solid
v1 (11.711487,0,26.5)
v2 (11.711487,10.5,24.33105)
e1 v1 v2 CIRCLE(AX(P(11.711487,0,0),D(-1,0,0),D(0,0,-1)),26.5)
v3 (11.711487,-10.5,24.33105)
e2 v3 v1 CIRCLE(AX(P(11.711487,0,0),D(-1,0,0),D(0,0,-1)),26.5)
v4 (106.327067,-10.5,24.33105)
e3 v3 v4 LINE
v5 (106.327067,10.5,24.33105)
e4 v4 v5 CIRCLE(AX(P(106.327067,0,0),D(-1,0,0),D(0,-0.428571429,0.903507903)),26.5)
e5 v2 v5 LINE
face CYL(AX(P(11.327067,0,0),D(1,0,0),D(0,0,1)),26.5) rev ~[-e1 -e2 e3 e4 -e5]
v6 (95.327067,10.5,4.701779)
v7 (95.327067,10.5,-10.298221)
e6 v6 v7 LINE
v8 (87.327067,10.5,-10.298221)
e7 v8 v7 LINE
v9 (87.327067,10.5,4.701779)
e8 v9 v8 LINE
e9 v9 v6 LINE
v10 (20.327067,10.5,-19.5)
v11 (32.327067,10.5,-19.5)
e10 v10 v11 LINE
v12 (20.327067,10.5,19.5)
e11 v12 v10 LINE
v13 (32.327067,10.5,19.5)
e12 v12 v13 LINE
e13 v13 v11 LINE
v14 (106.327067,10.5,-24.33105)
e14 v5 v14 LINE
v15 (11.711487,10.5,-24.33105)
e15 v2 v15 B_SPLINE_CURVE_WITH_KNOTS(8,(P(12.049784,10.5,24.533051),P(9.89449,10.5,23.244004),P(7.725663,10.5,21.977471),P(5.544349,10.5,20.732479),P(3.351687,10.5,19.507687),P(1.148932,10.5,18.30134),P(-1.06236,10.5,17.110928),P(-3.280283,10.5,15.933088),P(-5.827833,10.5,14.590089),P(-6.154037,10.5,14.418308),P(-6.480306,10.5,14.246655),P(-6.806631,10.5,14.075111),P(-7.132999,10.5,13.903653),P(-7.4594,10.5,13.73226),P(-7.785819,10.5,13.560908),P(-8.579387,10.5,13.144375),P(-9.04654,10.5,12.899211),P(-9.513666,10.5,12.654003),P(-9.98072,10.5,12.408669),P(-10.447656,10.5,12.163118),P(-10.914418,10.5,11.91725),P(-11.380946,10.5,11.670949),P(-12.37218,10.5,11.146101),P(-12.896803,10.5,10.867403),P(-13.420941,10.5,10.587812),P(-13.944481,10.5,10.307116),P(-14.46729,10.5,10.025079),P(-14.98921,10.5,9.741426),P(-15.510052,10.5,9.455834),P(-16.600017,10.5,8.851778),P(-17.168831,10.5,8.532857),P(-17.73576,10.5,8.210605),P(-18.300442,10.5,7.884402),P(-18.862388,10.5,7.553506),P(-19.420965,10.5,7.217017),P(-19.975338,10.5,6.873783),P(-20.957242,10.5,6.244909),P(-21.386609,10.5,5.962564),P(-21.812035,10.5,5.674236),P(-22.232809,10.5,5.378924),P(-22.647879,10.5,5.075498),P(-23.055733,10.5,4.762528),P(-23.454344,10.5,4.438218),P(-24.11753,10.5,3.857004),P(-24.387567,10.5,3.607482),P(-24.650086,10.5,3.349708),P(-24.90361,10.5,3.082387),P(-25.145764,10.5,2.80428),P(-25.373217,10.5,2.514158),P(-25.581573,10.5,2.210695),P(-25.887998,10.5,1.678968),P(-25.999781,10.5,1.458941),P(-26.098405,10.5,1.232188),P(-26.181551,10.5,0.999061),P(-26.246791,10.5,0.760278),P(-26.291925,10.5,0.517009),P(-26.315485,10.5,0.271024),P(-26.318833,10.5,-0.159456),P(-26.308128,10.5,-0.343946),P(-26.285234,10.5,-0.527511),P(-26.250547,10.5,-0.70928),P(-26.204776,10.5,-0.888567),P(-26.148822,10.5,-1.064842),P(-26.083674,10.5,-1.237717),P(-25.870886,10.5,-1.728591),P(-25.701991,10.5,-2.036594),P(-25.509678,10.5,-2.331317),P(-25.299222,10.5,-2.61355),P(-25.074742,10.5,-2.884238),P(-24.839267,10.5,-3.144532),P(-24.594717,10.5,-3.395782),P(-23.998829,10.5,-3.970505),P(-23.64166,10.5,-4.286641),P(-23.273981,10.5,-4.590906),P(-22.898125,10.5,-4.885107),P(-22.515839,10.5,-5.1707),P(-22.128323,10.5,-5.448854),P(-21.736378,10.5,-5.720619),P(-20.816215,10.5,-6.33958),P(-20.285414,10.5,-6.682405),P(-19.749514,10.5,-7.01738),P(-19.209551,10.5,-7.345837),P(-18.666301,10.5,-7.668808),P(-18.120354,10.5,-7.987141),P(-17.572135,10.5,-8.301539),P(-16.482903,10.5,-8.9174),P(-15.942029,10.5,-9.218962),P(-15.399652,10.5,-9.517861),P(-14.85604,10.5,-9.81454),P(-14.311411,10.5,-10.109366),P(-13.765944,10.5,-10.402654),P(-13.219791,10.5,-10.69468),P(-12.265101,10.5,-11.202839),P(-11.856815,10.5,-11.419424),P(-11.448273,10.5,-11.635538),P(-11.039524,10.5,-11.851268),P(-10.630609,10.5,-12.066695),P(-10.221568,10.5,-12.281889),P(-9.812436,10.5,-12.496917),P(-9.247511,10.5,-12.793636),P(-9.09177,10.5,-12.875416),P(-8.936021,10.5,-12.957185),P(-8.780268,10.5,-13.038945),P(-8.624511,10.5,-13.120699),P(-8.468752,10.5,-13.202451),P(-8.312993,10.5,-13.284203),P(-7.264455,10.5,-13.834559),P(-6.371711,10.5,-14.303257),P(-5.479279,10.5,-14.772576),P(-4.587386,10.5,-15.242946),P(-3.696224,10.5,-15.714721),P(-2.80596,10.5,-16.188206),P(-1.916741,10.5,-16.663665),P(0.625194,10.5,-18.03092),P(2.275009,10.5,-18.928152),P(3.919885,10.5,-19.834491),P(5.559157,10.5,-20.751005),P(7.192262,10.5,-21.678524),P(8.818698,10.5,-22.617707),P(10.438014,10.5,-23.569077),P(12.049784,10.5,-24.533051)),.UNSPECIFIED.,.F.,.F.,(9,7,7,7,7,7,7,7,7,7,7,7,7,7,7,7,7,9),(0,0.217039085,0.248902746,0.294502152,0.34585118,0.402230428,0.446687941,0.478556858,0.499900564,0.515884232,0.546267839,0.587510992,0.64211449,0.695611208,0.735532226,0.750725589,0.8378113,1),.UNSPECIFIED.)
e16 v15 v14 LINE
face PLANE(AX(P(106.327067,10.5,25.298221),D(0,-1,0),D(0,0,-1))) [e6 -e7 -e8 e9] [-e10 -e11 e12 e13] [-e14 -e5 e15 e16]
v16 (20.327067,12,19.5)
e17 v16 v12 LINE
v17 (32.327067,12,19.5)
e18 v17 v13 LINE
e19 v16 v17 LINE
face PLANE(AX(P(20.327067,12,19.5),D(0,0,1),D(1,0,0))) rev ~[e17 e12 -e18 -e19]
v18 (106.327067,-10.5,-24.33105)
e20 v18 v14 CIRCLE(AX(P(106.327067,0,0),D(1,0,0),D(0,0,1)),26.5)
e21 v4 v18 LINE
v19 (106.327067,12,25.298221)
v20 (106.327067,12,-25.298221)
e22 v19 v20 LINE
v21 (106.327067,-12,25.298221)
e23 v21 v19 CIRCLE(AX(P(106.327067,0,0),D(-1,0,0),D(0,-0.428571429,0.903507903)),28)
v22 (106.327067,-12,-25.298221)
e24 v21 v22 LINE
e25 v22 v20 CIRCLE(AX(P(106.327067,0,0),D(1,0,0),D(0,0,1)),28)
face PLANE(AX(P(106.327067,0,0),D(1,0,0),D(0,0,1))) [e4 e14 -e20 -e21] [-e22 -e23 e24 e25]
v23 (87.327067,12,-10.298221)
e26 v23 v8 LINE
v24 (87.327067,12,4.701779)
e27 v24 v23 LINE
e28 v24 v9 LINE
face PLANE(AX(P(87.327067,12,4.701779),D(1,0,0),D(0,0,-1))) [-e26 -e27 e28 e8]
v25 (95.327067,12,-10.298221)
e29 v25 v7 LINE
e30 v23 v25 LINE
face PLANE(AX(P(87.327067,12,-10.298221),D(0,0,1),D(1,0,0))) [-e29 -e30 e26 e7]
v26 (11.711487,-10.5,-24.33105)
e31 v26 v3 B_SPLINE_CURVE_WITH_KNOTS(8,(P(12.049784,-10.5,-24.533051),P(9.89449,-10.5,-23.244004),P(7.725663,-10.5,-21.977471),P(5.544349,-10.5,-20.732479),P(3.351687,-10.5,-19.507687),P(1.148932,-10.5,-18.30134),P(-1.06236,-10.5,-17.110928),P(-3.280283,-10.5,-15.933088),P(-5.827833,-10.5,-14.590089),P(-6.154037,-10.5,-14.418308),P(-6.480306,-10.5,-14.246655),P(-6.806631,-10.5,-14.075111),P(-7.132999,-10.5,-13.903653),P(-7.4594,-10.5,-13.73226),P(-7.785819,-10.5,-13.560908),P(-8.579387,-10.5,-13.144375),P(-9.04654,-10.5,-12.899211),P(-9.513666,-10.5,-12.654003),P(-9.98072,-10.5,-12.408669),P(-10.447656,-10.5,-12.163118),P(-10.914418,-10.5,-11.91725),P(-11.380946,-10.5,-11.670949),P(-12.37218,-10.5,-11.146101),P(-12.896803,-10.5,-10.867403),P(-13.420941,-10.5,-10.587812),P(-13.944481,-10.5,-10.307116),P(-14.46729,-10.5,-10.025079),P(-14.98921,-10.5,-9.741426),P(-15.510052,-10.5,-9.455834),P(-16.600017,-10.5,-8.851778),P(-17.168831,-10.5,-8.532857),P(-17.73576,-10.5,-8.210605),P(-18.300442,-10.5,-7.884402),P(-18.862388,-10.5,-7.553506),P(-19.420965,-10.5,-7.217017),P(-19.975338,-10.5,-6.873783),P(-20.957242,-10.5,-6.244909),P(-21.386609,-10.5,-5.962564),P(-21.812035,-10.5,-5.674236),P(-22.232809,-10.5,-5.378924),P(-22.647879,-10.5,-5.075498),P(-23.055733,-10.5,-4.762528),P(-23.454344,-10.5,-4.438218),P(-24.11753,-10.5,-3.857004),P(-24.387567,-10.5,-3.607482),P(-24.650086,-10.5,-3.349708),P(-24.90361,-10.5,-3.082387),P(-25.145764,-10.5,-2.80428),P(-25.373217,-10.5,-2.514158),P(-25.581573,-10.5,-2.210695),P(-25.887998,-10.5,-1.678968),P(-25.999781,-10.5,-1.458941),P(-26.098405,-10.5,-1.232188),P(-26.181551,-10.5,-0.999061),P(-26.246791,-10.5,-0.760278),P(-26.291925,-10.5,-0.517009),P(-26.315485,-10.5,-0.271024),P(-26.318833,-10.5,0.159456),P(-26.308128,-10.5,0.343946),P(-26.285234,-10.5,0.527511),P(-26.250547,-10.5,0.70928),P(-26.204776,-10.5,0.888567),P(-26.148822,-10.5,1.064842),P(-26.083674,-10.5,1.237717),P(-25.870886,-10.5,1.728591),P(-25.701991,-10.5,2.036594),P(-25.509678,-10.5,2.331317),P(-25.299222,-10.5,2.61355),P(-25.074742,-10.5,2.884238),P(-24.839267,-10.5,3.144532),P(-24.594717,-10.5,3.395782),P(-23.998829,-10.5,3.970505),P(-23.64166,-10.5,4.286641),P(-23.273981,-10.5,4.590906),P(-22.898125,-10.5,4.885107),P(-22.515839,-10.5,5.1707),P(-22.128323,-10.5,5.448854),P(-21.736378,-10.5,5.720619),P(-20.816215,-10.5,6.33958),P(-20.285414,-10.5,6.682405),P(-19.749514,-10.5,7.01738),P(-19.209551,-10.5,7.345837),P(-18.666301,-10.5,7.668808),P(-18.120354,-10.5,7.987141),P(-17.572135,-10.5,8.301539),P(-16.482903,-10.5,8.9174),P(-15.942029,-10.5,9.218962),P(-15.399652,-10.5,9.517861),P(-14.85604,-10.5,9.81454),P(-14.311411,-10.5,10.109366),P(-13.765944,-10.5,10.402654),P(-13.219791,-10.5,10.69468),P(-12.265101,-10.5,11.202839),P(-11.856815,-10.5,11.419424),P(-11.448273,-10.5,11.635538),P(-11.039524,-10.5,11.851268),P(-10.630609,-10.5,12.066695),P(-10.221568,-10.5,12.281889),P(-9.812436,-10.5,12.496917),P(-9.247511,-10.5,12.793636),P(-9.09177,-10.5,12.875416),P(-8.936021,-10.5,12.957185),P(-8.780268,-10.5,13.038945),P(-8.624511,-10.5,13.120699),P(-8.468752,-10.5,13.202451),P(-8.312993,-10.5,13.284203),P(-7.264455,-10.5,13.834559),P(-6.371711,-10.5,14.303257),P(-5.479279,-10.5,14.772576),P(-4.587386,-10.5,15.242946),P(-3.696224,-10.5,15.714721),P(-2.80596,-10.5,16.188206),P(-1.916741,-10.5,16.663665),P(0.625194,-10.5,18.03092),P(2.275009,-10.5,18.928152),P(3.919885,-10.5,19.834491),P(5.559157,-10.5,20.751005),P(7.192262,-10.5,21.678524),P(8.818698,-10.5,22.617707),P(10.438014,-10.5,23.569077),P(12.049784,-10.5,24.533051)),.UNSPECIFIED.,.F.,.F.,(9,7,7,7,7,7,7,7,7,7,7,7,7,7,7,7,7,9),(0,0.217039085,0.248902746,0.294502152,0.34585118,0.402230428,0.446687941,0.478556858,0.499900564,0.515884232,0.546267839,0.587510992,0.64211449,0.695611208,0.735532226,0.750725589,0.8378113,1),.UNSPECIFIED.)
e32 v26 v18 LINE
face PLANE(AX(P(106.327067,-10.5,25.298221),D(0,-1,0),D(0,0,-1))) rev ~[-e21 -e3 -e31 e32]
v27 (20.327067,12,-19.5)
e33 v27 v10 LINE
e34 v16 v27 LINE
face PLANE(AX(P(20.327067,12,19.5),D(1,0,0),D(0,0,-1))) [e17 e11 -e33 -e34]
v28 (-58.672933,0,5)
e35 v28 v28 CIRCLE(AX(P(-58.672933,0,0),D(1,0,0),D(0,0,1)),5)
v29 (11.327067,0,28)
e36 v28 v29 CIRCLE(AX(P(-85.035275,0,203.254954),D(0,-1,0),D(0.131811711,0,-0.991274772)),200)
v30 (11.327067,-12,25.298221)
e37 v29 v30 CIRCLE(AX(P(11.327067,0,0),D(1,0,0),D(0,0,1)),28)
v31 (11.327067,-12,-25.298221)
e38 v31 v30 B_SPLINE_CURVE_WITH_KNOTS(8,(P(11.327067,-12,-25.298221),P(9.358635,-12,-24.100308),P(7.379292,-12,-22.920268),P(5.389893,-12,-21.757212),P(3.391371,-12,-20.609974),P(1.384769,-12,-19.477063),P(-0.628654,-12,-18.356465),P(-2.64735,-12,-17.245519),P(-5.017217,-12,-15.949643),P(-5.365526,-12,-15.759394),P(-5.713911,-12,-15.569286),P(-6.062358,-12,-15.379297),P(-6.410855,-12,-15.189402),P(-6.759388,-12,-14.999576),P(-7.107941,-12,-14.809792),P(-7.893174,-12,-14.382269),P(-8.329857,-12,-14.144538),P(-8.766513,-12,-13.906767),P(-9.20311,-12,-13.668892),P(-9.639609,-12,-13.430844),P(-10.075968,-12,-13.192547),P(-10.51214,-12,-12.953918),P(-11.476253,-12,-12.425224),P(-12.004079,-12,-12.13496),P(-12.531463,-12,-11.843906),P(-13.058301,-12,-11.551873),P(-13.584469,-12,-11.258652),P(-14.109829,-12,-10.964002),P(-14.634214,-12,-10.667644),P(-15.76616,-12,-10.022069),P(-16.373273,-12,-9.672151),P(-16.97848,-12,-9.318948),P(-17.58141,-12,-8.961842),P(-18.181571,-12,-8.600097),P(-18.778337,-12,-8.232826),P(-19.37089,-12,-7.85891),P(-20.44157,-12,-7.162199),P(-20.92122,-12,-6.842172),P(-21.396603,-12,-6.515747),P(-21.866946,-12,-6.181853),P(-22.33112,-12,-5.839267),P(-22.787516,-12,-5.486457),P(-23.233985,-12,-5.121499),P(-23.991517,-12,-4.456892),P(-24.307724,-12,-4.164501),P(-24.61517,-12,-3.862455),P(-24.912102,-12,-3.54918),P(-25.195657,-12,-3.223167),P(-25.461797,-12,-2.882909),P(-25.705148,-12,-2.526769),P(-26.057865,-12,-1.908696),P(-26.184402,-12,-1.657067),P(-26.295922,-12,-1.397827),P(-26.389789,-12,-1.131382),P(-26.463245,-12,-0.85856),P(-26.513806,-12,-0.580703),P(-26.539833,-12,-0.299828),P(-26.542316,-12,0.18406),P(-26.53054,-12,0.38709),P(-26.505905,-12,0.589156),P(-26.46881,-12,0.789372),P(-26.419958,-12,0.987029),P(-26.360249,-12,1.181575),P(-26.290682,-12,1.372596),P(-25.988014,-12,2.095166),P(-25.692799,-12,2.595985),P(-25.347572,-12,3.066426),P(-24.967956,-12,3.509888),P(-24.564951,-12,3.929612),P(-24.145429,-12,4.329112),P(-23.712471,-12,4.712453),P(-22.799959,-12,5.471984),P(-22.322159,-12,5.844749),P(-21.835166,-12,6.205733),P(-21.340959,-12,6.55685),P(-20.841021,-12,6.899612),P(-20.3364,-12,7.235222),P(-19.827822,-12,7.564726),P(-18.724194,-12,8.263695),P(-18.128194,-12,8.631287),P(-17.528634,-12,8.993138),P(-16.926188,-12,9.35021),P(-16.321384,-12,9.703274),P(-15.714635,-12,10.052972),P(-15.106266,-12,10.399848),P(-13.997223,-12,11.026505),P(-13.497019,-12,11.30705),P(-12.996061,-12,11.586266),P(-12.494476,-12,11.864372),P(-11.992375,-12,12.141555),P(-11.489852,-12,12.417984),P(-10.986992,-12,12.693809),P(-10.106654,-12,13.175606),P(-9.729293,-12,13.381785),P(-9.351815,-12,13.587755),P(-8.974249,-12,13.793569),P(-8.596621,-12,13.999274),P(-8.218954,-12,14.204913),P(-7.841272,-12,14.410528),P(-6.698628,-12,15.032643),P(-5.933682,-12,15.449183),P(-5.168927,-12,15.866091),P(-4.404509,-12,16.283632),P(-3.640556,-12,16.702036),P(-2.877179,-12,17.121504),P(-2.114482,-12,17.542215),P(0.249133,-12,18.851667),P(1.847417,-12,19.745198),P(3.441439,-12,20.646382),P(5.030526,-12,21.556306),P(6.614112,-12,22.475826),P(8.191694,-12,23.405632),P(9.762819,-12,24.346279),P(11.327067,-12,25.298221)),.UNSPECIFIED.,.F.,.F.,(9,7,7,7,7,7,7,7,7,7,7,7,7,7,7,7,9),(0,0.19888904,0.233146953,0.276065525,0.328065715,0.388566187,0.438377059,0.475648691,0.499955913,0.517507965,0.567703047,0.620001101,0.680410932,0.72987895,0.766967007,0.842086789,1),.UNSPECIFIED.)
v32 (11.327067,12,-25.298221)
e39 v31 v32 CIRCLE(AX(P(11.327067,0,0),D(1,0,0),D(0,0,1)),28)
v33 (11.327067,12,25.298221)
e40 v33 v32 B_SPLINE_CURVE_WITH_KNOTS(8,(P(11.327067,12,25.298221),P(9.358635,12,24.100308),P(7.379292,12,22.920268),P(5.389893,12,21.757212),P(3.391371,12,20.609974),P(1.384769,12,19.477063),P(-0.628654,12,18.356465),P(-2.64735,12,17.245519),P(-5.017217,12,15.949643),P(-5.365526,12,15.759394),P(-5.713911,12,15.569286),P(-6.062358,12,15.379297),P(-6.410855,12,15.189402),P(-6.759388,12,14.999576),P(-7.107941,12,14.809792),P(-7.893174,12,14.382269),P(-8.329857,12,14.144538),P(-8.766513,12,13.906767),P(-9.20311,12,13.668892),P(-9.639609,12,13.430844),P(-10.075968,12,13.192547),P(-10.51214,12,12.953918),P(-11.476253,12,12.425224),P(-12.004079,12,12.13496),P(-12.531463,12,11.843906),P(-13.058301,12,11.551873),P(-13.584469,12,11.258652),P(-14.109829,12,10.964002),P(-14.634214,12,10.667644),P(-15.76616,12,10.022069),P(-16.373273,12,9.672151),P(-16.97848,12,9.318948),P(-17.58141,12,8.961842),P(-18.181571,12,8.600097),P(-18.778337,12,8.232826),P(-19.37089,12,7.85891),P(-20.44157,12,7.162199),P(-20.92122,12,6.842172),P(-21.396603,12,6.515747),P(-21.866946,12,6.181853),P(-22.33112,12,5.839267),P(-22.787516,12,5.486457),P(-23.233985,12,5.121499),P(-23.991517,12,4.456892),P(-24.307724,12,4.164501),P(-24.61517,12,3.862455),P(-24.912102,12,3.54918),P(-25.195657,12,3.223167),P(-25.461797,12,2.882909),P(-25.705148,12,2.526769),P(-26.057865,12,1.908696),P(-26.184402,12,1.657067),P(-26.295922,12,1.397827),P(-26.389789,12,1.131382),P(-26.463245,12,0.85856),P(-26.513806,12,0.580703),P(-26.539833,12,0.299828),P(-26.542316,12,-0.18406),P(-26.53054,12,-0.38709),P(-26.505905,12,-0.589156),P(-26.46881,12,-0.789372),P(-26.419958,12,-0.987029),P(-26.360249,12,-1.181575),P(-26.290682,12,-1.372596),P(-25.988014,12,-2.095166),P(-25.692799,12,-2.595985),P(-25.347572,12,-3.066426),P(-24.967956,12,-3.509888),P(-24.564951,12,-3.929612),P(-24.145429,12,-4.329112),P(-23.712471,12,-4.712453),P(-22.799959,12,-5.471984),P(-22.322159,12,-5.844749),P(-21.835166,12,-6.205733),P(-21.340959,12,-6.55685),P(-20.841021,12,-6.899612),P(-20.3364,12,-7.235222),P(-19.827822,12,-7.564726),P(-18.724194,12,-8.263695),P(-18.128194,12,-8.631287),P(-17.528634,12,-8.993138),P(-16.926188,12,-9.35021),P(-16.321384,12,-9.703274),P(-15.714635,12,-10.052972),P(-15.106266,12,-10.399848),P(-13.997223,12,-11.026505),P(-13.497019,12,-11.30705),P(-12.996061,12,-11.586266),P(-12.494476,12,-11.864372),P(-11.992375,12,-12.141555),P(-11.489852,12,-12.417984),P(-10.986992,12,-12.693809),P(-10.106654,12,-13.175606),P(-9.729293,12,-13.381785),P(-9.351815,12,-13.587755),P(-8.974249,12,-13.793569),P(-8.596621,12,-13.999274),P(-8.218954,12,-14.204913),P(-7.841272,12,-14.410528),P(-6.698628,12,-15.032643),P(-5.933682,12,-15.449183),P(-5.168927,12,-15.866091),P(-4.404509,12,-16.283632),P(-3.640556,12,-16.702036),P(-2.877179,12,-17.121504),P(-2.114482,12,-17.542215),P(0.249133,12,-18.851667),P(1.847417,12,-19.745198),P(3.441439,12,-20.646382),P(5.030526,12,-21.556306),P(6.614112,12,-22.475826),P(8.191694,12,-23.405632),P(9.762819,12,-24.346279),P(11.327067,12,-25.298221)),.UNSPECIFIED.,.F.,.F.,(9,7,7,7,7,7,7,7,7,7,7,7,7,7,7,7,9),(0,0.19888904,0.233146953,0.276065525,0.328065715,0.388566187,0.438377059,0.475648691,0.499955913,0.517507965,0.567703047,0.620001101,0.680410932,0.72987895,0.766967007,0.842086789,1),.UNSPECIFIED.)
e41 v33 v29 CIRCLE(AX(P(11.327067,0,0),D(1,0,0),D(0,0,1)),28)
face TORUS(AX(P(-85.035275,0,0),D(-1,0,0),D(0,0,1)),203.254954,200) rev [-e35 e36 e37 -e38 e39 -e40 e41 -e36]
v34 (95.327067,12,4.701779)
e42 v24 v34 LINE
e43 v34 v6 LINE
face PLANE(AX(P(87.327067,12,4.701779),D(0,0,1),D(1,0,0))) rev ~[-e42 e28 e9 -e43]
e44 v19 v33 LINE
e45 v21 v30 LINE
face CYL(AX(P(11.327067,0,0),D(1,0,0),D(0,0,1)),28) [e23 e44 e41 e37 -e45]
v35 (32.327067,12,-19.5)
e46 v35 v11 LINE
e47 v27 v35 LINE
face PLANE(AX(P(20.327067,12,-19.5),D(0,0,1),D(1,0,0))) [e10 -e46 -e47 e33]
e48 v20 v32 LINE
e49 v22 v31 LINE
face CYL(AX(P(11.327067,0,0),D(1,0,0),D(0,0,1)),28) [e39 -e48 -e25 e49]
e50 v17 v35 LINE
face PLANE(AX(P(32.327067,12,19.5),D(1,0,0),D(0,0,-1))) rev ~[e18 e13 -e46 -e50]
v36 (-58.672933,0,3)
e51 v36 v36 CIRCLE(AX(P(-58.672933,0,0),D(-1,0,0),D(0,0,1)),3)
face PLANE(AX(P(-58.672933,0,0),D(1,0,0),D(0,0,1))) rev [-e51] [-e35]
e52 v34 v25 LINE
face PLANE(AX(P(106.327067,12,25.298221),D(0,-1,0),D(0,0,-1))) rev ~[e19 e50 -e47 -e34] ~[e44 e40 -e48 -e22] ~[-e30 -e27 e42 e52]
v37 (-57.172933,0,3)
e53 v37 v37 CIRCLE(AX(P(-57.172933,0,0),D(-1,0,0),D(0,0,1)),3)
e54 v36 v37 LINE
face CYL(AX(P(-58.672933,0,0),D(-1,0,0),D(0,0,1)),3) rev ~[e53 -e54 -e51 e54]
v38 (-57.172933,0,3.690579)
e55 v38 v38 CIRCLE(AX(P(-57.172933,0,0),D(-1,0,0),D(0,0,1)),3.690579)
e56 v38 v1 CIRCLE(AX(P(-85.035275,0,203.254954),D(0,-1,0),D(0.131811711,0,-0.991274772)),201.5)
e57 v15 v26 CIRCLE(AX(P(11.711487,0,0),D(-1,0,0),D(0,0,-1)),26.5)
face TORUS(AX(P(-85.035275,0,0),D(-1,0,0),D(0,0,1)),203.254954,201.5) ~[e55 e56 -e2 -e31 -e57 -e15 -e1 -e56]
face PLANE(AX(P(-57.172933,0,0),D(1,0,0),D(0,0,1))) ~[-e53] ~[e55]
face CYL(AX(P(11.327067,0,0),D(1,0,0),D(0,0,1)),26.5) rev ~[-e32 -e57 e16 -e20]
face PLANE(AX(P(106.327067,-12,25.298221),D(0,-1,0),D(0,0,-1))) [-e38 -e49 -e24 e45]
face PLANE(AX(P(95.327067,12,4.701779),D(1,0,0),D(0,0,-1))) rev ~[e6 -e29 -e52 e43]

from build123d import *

# Parameters (mm, degrees)
CORTE_EXTRUS_O2_DEPTH = 170.685002284
CASCA2_T              = -1.5
ESBO_O9_R             = 3
CORTE_EXTRUS_O3_DEPTH = 168.788557539
ESBO_O10_W            = 12
ESBO_O10_H            = 39
CORTE_EXTRUS_O4_DEPTH = 1.5
ESBO_O11_W            = 8
ESBO_O11_H            = 15
CORTE_EXTRUS_O5_DEPTH = 1.5


with BuildPart() as part:
    # Esboço7 → Revolução1 (revolve)
    with BuildSketch(Plane.XY, mode=Mode.PRIVATE) as revolu_o1_sk:
        with BuildLine():
            Line((-58.672933336, 0), (-58.672933336, 5))
            ThreePointArc((-58.672933336, 5), (-22.604617679, 13.248604524), (11.327066664, 28))
            Line((11.327066664, 28), (106.327066664, 28))
            Line((106.327066664, 28), (106.327066664, 0))
            Line((106.327066664, 0), (-58.672933336, 0))
        make_face()
    revolve(revolu_o1_sk.sketch.rotate(Axis((-70.454996685, 0, 0), (1, 0, 0)), 90), axis=Axis((-70.454996685, 0, 0), (1, 0, 0)))

    # Esboço8 → Corte-extrusão2 (cut, through all)
    with BuildSketch(Plane(origin=(106.327066664, 0, 0), x_dir=(0, 0, -1), z_dir=(1, 0, 0))):
        with BuildLine():
            Line((-25.298221281, 12), (25.298221281, 12))
            ThreePointArc((25.298221281, 12), (0, 28), (-25.298221281, 12))
        make_face()
        with BuildLine():
            Line((-25.298221281, -12), (25.298221281, -12))
            ThreePointArc((25.298221281, -12), (0, -28), (-25.298221281, -12))
        make_face()
    extrude(amount=-CORTE_EXTRUS_O2_DEPTH, mode=Mode.SUBTRACT)

    # Casca2
    casca2_openings = [part.faces().sort_by_distance(p)[0] for p in [
        (106.327066664, 0, 0),
    ]]
    offset(amount=CASCA2_T, openings=casca2_openings)

    # Esboço9 → Corte-extrusão3 (cut, through all)
    with BuildSketch(Plane.ZY.offset(58.672933336)):
        Circle(ESBO_O9_R)
    extrude(amount=-CORTE_EXTRUS_O3_DEPTH, mode=Mode.SUBTRACT)

    # Esboço10 → Corte-extrusão4 (cut)
    with BuildSketch(Plane(origin=(0, 12, 0), x_dir=(1, 0, 0), z_dir=(0, 1, 0))):
        with Locations((26.327066664, 0)):
            Rectangle(ESBO_O10_W, ESBO_O10_H)
    extrude(amount=-CORTE_EXTRUS_O4_DEPTH, mode=Mode.SUBTRACT)

    # Esboço11 → Corte-extrusão5 (cut)
    with BuildSketch(Plane(origin=(0, 12, 0), x_dir=(1, 0, 0), z_dir=(0, 1, 0))):
        with Locations((91.327066664, 2.798221281)):
            Rectangle(ESBO_O11_W, ESBO_O11_H)
    extrude(amount=-CORTE_EXTRUS_O5_DEPTH, mode=Mode.SUBTRACT)


solid = part.part
